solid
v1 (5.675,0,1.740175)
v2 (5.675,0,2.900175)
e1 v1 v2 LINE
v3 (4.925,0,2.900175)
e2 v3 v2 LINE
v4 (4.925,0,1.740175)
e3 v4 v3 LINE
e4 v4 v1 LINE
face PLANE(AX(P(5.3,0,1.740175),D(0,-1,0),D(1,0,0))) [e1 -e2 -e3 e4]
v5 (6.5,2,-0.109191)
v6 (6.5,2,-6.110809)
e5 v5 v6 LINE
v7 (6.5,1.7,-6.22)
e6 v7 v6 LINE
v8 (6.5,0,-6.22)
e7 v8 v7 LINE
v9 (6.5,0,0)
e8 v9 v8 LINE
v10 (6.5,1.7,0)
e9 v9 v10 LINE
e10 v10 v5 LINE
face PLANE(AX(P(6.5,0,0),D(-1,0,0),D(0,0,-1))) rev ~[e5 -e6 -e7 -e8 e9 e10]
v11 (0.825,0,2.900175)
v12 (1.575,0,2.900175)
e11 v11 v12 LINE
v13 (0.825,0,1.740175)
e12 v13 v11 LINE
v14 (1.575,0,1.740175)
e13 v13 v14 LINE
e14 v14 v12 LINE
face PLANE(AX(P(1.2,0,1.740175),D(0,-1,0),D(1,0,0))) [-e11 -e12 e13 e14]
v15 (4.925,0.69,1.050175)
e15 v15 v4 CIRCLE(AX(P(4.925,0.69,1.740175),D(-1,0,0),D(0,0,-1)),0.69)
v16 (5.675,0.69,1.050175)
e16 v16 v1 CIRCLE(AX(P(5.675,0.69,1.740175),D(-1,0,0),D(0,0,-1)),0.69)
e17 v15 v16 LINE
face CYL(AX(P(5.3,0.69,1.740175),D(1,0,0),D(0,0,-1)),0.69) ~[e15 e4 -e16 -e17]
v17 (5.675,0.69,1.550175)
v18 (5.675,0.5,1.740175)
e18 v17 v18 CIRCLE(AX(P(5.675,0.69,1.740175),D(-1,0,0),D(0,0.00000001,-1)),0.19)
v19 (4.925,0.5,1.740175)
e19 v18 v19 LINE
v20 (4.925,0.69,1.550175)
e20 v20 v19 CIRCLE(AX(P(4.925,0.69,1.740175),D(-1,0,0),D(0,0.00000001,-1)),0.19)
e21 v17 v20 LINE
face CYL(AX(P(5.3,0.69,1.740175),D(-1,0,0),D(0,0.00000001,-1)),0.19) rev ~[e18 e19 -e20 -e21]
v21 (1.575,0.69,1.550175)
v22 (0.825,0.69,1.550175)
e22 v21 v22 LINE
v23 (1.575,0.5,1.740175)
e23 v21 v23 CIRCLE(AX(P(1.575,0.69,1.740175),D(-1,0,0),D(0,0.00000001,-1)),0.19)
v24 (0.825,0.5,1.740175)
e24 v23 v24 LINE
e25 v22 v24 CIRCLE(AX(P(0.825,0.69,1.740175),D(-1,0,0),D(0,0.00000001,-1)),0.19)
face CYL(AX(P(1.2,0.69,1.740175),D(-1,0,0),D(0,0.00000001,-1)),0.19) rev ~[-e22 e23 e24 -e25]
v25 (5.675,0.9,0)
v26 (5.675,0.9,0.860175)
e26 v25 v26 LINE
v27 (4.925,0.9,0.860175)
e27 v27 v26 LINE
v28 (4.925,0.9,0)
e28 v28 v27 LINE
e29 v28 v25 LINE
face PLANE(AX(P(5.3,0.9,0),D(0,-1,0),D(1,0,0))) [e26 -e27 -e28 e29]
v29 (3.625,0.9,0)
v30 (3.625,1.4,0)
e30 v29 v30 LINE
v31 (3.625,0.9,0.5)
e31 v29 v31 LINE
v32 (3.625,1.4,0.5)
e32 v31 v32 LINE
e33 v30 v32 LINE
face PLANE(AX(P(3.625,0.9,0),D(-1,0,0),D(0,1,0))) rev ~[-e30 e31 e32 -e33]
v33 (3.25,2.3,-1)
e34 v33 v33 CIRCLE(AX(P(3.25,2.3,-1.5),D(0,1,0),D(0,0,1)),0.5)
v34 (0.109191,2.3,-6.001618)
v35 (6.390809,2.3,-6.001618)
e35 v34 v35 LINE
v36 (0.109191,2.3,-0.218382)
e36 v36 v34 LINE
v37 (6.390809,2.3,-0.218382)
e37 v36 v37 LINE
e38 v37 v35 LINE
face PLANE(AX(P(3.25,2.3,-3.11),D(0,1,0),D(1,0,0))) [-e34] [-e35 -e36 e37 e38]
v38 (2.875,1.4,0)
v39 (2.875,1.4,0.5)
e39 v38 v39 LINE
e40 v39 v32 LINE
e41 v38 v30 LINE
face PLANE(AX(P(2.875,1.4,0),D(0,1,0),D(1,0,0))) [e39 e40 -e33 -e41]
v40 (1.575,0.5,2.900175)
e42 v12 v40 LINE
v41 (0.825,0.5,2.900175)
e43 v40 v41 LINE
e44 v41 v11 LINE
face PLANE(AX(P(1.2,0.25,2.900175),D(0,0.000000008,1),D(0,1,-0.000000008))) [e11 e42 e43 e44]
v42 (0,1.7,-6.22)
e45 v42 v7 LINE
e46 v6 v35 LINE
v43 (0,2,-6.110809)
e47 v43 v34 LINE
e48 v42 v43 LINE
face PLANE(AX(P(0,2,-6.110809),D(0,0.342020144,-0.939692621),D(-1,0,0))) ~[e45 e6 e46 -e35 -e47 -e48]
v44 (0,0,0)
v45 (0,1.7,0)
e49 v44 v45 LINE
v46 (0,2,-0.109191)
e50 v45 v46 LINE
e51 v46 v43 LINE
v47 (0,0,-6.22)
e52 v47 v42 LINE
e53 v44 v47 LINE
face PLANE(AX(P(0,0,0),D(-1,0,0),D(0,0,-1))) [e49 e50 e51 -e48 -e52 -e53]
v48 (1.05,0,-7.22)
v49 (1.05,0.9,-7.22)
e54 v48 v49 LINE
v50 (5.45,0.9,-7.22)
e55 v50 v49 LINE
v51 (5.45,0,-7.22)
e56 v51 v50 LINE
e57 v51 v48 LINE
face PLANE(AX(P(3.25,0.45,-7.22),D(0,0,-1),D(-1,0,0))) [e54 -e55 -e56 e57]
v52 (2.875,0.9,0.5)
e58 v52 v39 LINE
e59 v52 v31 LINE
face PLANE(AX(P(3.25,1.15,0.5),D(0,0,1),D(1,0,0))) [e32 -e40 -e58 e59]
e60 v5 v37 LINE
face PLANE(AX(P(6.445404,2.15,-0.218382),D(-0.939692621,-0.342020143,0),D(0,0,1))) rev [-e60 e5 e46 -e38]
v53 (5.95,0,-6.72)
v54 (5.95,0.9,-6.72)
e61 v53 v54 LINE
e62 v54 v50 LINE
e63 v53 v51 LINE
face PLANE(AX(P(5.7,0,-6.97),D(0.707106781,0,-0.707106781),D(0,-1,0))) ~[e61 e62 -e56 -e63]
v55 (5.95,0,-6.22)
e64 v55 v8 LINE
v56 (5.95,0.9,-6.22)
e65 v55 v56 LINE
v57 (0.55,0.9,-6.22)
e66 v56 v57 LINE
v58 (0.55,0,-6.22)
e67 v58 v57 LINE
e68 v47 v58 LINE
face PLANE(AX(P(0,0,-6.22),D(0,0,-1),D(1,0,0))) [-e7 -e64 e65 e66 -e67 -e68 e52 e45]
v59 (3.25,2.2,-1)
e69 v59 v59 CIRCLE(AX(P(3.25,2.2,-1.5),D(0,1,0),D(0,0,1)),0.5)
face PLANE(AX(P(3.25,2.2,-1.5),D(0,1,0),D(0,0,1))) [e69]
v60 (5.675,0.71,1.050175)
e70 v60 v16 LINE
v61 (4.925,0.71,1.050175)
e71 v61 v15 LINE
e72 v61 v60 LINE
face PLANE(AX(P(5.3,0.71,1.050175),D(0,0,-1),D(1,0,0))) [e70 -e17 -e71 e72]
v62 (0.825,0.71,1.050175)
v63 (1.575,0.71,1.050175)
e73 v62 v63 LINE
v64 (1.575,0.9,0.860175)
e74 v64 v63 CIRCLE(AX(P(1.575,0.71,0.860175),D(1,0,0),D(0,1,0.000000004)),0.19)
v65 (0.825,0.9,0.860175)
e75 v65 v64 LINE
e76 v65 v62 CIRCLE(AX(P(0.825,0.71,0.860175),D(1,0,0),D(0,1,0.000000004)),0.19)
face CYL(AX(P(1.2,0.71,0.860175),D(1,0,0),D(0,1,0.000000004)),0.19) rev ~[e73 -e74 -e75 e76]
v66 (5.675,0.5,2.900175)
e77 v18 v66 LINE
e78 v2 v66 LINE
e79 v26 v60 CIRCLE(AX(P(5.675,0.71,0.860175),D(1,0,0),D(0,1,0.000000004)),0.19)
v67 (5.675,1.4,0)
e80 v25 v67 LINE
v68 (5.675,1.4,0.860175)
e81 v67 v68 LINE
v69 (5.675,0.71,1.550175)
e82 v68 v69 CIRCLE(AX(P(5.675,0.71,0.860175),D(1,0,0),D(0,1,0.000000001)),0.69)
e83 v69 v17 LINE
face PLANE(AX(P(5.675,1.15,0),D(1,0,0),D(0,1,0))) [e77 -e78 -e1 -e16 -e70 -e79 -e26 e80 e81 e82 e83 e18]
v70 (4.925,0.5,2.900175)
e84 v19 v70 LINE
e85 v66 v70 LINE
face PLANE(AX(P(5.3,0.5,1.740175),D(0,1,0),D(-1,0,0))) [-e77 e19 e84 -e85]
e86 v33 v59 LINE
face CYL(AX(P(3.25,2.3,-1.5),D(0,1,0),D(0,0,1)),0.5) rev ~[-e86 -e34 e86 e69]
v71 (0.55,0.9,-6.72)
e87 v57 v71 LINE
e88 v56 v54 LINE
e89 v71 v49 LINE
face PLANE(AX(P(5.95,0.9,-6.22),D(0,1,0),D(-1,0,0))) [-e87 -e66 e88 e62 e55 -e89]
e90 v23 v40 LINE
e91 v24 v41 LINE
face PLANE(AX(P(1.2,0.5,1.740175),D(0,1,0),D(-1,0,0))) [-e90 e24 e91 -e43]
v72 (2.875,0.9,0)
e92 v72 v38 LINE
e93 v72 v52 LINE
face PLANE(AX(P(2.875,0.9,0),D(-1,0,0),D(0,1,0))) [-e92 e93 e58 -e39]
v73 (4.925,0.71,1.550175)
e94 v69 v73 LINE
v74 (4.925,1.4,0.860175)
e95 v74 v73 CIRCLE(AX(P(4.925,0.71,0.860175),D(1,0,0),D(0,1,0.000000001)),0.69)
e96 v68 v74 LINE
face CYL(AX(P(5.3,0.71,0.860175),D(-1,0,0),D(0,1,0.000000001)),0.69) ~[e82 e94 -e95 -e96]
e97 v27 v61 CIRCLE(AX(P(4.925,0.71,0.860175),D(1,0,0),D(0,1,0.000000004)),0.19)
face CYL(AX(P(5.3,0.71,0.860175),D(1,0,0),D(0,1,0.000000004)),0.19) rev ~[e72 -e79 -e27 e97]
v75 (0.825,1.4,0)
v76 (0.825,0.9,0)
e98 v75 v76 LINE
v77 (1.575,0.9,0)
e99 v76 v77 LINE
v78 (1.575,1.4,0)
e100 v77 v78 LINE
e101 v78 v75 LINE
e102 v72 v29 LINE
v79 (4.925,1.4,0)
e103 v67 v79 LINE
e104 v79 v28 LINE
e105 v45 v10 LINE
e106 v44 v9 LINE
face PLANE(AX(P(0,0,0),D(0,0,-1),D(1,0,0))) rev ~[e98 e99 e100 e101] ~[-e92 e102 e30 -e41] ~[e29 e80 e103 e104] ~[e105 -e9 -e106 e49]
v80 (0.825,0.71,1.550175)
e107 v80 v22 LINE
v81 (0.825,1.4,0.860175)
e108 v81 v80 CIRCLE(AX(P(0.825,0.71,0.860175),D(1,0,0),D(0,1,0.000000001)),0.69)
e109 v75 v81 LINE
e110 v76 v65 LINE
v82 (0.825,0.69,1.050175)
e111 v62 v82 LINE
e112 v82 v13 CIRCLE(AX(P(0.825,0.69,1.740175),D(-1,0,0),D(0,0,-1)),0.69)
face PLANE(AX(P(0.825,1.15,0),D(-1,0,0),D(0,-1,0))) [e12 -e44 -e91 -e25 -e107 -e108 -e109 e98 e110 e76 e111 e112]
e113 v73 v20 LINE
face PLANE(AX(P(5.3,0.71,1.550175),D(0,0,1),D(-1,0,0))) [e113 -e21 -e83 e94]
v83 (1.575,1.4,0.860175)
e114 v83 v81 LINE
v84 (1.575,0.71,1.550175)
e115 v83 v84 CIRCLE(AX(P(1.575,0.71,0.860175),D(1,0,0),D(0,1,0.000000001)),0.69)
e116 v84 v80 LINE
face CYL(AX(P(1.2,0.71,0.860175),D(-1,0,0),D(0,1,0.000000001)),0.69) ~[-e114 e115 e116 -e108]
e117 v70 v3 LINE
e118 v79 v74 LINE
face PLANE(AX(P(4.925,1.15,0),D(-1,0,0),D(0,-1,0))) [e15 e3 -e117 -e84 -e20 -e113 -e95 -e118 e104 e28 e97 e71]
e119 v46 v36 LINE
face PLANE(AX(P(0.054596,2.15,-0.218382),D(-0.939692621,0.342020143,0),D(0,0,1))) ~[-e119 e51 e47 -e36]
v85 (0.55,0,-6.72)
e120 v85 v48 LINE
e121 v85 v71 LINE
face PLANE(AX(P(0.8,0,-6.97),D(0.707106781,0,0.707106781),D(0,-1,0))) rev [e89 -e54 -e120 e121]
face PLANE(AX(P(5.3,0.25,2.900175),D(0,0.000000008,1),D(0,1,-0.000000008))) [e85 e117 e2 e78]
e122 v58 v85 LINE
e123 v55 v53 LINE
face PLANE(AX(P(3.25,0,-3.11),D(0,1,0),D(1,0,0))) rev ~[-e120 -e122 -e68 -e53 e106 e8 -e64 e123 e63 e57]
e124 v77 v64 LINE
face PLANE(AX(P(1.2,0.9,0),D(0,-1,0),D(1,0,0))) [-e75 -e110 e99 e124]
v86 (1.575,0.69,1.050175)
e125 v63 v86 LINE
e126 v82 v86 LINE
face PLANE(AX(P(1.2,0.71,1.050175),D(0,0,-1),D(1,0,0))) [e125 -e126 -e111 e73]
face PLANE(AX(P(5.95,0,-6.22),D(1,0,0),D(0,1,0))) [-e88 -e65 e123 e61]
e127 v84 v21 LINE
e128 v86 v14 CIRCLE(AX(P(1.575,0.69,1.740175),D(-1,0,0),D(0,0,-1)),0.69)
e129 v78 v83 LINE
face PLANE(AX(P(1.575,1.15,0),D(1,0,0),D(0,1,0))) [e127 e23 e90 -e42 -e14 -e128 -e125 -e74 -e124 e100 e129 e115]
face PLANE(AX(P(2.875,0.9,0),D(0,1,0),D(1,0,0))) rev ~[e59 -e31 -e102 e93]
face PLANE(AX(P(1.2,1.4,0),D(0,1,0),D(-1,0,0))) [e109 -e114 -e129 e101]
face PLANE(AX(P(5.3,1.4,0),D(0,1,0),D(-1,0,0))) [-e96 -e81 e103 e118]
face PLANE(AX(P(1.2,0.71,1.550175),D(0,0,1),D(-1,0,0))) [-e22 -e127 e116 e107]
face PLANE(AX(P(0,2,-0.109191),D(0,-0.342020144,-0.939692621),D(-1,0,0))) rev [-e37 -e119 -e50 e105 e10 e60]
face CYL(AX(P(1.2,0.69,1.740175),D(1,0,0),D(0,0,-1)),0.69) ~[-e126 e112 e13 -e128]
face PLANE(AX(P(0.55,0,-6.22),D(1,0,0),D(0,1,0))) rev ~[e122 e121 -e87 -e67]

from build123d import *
from OCP.BRepFilletAPI import BRepFilletAPI_MakeChamfer

# Parameters (mm, degrees)
SKETCH1_W           = 6.5
SKETCH1_H           = 6.22
BOSS_EXTRUDE1_DEPTH = 2.3
SKETCH2_R           = 0.5
CUT_EXTRUDE1_DEPTH  = 0.1
SKETCH3_W           = 5.4
SKETCH3_H           = 0.9
BOSS_EXTRUDE2_DEPTH = 1
CHAMFER2_SIZE       = 0.5
SKETCH5_W           = 0.75
SKETCH5_H           = 0.5
SKETCH10_W          = 0.75
SKETCH10_H          = 0.5
BOSS_EXTRUDE3_DEPTH = 0.5
CHAMFER3_SIZE       = 0.6
CHAMFER3_SIZE2      = 0.218382141
CHAMFER4_SIZE       = 0.3
CHAMFER4_SIZE2      = 0.10919107


with BuildPart() as part:
    # Sketch1 → Boss-Extrude1 (new body)
    with BuildSketch(Plane(origin=(0, 0, 0), x_dir=(1, 0, 0), z_dir=(0, 1, 0))):
        with Locations((3.25, 3.11)):
            Rectangle(SKETCH1_W, SKETCH1_H)
    extrude(amount=BOSS_EXTRUDE1_DEPTH)

    # Sketch2 → Cut-Extrude1 (cut)
    with BuildSketch(Plane(origin=(0, 2.3, 0), x_dir=(1, 0, 0), z_dir=(0, 1, 0))):
        with Locations(Location((3.25, 1.5, 0), (0, 0, 270))):
            Circle(SKETCH2_R)
    extrude(amount=-CUT_EXTRUDE1_DEPTH, mode=Mode.SUBTRACT)

    # Sketch3 → Boss-Extrude2 (add)
    with BuildSketch(Plane(origin=(0, 0, -6.22), x_dir=(-1, 0, 0), z_dir=(0, 0, -1))):
        with Locations((-3.25, 0.45)):
            Rectangle(SKETCH3_W, SKETCH3_H)
    extrude(amount=BOSS_EXTRUDE2_DEPTH)

    # Chamfer2
    chamfer2_edges = [part.edges().sort_by_distance(p)[0] for p in [
        (5.95, 0.45, -7.22),
        (0.55, 0.45, -7.22),
    ]]
    chamfer(chamfer2_edges, length=CHAMFER2_SIZE)

    # Sweep2: sweep along a path in Sketch8
    with BuildLine(Plane(origin=(1.2, 0, 0), x_dir=(0, 0, -1), z_dir=(1, 0, 0))) as sweep2_path:
        Line((0, 1.15), (-0.860174932, 1.15))
        ThreePointArc((-0.860174932, 1.15), (-1.171301915, 1.021126984), (-1.300174932, 0.71))
        Line((-1.300174932, 0.71), (-1.300174932, 0.69))
        ThreePointArc((-1.300174932, 0.69), (-1.429047948, 0.378873016), (-1.740174932, 0.25))
        Line((-1.740174932, 0.25), (-2.900174932, 0.25))
    # Sketch5 → Sweep2 (sweep)
    with BuildSketch(Plane.XY):
        with Locations((1.2, 1.15)):
            Rectangle(SKETCH5_W, SKETCH5_H)
        with Locations((5.3, 1.15)):
            Rectangle(SKETCH5_W, SKETCH5_H)
    sweep(path=sweep2_path.line)

    # Sketch10 → Boss-Extrude3 (add)
    with BuildSketch(Plane.XY):
        with Locations((3.25, 1.15)):
            Rectangle(SKETCH10_W, SKETCH10_H)
    extrude(amount=BOSS_EXTRUDE3_DEPTH)

    # Chamfer3: one chamfer whose edges measure the first distance from different faces: ONE call of the kernel's chamfer builder (chamfer() names one face for all edges)
    chamfer3_edges_1 = [part.edges().sort_by_distance(p)[0] for p in [
        (3.25, 2.3, -6.22),
    ]]
    chamfer3_side_1 = [part.faces().sort_by_distance(p)[0] for p in [
        (3.25, 1.48716551, -6.22),
    ]]
    chamfer3_edges_2 = [part.edges().sort_by_distance(p)[0] for p in [
        (3.25, 2.3, 0),
    ]]
    chamfer3_side_2 = [part.faces().sort_by_distance(p)[0] for p in [
        (0.068949257, 1.15, 0),
    ]]
    chamfer3 = BRepFilletAPI_MakeChamfer(part.part.solid().wrapped)
    for e in chamfer3_edges_1:
        chamfer3.Add(CHAMFER3_SIZE, CHAMFER3_SIZE2, e.wrapped, chamfer3_side_1[0].wrapped)  # the first distance lies on this face
    for e in chamfer3_edges_2:
        chamfer3.Add(CHAMFER3_SIZE, CHAMFER3_SIZE2, e.wrapped, chamfer3_side_2[0].wrapped)  # the first distance lies on this face
    add(Compound.cast(chamfer3.Shape()), mode=Mode.REPLACE)

    # Chamfer4: one chamfer whose edges measure the first distance from different faces: ONE call of the kernel's chamfer builder (chamfer() names one face for all edges)
    chamfer4_edges_1 = [part.edges().sort_by_distance(p)[0] for p in [
        (0, 2.3, -3.11),
    ]]
    chamfer4_side_1 = [part.faces().sort_by_distance(p)[0] for p in [
        (0, 1.141218478, -3.11),
    ]]
    chamfer4_edges_2 = [part.edges().sort_by_distance(p)[0] for p in [
        (6.5, 2.3, -3.11),
    ]]
    chamfer4_side_2 = [part.faces().sort_by_distance(p)[0] for p in [
        (6.5, 1.141218478, -3.11),
    ]]
    chamfer4 = BRepFilletAPI_MakeChamfer(part.part.solid().wrapped)
    for e in chamfer4_edges_1:
        chamfer4.Add(CHAMFER4_SIZE, CHAMFER4_SIZE2, e.wrapped, chamfer4_side_1[0].wrapped)  # the first distance lies on this face
    for e in chamfer4_edges_2:
        chamfer4.Add(CHAMFER4_SIZE, CHAMFER4_SIZE2, e.wrapped, chamfer4_side_2[0].wrapped)  # the first distance lies on this face
    add(Compound.cast(chamfer4.Shape()), mode=Mode.REPLACE)


solid = part.part
